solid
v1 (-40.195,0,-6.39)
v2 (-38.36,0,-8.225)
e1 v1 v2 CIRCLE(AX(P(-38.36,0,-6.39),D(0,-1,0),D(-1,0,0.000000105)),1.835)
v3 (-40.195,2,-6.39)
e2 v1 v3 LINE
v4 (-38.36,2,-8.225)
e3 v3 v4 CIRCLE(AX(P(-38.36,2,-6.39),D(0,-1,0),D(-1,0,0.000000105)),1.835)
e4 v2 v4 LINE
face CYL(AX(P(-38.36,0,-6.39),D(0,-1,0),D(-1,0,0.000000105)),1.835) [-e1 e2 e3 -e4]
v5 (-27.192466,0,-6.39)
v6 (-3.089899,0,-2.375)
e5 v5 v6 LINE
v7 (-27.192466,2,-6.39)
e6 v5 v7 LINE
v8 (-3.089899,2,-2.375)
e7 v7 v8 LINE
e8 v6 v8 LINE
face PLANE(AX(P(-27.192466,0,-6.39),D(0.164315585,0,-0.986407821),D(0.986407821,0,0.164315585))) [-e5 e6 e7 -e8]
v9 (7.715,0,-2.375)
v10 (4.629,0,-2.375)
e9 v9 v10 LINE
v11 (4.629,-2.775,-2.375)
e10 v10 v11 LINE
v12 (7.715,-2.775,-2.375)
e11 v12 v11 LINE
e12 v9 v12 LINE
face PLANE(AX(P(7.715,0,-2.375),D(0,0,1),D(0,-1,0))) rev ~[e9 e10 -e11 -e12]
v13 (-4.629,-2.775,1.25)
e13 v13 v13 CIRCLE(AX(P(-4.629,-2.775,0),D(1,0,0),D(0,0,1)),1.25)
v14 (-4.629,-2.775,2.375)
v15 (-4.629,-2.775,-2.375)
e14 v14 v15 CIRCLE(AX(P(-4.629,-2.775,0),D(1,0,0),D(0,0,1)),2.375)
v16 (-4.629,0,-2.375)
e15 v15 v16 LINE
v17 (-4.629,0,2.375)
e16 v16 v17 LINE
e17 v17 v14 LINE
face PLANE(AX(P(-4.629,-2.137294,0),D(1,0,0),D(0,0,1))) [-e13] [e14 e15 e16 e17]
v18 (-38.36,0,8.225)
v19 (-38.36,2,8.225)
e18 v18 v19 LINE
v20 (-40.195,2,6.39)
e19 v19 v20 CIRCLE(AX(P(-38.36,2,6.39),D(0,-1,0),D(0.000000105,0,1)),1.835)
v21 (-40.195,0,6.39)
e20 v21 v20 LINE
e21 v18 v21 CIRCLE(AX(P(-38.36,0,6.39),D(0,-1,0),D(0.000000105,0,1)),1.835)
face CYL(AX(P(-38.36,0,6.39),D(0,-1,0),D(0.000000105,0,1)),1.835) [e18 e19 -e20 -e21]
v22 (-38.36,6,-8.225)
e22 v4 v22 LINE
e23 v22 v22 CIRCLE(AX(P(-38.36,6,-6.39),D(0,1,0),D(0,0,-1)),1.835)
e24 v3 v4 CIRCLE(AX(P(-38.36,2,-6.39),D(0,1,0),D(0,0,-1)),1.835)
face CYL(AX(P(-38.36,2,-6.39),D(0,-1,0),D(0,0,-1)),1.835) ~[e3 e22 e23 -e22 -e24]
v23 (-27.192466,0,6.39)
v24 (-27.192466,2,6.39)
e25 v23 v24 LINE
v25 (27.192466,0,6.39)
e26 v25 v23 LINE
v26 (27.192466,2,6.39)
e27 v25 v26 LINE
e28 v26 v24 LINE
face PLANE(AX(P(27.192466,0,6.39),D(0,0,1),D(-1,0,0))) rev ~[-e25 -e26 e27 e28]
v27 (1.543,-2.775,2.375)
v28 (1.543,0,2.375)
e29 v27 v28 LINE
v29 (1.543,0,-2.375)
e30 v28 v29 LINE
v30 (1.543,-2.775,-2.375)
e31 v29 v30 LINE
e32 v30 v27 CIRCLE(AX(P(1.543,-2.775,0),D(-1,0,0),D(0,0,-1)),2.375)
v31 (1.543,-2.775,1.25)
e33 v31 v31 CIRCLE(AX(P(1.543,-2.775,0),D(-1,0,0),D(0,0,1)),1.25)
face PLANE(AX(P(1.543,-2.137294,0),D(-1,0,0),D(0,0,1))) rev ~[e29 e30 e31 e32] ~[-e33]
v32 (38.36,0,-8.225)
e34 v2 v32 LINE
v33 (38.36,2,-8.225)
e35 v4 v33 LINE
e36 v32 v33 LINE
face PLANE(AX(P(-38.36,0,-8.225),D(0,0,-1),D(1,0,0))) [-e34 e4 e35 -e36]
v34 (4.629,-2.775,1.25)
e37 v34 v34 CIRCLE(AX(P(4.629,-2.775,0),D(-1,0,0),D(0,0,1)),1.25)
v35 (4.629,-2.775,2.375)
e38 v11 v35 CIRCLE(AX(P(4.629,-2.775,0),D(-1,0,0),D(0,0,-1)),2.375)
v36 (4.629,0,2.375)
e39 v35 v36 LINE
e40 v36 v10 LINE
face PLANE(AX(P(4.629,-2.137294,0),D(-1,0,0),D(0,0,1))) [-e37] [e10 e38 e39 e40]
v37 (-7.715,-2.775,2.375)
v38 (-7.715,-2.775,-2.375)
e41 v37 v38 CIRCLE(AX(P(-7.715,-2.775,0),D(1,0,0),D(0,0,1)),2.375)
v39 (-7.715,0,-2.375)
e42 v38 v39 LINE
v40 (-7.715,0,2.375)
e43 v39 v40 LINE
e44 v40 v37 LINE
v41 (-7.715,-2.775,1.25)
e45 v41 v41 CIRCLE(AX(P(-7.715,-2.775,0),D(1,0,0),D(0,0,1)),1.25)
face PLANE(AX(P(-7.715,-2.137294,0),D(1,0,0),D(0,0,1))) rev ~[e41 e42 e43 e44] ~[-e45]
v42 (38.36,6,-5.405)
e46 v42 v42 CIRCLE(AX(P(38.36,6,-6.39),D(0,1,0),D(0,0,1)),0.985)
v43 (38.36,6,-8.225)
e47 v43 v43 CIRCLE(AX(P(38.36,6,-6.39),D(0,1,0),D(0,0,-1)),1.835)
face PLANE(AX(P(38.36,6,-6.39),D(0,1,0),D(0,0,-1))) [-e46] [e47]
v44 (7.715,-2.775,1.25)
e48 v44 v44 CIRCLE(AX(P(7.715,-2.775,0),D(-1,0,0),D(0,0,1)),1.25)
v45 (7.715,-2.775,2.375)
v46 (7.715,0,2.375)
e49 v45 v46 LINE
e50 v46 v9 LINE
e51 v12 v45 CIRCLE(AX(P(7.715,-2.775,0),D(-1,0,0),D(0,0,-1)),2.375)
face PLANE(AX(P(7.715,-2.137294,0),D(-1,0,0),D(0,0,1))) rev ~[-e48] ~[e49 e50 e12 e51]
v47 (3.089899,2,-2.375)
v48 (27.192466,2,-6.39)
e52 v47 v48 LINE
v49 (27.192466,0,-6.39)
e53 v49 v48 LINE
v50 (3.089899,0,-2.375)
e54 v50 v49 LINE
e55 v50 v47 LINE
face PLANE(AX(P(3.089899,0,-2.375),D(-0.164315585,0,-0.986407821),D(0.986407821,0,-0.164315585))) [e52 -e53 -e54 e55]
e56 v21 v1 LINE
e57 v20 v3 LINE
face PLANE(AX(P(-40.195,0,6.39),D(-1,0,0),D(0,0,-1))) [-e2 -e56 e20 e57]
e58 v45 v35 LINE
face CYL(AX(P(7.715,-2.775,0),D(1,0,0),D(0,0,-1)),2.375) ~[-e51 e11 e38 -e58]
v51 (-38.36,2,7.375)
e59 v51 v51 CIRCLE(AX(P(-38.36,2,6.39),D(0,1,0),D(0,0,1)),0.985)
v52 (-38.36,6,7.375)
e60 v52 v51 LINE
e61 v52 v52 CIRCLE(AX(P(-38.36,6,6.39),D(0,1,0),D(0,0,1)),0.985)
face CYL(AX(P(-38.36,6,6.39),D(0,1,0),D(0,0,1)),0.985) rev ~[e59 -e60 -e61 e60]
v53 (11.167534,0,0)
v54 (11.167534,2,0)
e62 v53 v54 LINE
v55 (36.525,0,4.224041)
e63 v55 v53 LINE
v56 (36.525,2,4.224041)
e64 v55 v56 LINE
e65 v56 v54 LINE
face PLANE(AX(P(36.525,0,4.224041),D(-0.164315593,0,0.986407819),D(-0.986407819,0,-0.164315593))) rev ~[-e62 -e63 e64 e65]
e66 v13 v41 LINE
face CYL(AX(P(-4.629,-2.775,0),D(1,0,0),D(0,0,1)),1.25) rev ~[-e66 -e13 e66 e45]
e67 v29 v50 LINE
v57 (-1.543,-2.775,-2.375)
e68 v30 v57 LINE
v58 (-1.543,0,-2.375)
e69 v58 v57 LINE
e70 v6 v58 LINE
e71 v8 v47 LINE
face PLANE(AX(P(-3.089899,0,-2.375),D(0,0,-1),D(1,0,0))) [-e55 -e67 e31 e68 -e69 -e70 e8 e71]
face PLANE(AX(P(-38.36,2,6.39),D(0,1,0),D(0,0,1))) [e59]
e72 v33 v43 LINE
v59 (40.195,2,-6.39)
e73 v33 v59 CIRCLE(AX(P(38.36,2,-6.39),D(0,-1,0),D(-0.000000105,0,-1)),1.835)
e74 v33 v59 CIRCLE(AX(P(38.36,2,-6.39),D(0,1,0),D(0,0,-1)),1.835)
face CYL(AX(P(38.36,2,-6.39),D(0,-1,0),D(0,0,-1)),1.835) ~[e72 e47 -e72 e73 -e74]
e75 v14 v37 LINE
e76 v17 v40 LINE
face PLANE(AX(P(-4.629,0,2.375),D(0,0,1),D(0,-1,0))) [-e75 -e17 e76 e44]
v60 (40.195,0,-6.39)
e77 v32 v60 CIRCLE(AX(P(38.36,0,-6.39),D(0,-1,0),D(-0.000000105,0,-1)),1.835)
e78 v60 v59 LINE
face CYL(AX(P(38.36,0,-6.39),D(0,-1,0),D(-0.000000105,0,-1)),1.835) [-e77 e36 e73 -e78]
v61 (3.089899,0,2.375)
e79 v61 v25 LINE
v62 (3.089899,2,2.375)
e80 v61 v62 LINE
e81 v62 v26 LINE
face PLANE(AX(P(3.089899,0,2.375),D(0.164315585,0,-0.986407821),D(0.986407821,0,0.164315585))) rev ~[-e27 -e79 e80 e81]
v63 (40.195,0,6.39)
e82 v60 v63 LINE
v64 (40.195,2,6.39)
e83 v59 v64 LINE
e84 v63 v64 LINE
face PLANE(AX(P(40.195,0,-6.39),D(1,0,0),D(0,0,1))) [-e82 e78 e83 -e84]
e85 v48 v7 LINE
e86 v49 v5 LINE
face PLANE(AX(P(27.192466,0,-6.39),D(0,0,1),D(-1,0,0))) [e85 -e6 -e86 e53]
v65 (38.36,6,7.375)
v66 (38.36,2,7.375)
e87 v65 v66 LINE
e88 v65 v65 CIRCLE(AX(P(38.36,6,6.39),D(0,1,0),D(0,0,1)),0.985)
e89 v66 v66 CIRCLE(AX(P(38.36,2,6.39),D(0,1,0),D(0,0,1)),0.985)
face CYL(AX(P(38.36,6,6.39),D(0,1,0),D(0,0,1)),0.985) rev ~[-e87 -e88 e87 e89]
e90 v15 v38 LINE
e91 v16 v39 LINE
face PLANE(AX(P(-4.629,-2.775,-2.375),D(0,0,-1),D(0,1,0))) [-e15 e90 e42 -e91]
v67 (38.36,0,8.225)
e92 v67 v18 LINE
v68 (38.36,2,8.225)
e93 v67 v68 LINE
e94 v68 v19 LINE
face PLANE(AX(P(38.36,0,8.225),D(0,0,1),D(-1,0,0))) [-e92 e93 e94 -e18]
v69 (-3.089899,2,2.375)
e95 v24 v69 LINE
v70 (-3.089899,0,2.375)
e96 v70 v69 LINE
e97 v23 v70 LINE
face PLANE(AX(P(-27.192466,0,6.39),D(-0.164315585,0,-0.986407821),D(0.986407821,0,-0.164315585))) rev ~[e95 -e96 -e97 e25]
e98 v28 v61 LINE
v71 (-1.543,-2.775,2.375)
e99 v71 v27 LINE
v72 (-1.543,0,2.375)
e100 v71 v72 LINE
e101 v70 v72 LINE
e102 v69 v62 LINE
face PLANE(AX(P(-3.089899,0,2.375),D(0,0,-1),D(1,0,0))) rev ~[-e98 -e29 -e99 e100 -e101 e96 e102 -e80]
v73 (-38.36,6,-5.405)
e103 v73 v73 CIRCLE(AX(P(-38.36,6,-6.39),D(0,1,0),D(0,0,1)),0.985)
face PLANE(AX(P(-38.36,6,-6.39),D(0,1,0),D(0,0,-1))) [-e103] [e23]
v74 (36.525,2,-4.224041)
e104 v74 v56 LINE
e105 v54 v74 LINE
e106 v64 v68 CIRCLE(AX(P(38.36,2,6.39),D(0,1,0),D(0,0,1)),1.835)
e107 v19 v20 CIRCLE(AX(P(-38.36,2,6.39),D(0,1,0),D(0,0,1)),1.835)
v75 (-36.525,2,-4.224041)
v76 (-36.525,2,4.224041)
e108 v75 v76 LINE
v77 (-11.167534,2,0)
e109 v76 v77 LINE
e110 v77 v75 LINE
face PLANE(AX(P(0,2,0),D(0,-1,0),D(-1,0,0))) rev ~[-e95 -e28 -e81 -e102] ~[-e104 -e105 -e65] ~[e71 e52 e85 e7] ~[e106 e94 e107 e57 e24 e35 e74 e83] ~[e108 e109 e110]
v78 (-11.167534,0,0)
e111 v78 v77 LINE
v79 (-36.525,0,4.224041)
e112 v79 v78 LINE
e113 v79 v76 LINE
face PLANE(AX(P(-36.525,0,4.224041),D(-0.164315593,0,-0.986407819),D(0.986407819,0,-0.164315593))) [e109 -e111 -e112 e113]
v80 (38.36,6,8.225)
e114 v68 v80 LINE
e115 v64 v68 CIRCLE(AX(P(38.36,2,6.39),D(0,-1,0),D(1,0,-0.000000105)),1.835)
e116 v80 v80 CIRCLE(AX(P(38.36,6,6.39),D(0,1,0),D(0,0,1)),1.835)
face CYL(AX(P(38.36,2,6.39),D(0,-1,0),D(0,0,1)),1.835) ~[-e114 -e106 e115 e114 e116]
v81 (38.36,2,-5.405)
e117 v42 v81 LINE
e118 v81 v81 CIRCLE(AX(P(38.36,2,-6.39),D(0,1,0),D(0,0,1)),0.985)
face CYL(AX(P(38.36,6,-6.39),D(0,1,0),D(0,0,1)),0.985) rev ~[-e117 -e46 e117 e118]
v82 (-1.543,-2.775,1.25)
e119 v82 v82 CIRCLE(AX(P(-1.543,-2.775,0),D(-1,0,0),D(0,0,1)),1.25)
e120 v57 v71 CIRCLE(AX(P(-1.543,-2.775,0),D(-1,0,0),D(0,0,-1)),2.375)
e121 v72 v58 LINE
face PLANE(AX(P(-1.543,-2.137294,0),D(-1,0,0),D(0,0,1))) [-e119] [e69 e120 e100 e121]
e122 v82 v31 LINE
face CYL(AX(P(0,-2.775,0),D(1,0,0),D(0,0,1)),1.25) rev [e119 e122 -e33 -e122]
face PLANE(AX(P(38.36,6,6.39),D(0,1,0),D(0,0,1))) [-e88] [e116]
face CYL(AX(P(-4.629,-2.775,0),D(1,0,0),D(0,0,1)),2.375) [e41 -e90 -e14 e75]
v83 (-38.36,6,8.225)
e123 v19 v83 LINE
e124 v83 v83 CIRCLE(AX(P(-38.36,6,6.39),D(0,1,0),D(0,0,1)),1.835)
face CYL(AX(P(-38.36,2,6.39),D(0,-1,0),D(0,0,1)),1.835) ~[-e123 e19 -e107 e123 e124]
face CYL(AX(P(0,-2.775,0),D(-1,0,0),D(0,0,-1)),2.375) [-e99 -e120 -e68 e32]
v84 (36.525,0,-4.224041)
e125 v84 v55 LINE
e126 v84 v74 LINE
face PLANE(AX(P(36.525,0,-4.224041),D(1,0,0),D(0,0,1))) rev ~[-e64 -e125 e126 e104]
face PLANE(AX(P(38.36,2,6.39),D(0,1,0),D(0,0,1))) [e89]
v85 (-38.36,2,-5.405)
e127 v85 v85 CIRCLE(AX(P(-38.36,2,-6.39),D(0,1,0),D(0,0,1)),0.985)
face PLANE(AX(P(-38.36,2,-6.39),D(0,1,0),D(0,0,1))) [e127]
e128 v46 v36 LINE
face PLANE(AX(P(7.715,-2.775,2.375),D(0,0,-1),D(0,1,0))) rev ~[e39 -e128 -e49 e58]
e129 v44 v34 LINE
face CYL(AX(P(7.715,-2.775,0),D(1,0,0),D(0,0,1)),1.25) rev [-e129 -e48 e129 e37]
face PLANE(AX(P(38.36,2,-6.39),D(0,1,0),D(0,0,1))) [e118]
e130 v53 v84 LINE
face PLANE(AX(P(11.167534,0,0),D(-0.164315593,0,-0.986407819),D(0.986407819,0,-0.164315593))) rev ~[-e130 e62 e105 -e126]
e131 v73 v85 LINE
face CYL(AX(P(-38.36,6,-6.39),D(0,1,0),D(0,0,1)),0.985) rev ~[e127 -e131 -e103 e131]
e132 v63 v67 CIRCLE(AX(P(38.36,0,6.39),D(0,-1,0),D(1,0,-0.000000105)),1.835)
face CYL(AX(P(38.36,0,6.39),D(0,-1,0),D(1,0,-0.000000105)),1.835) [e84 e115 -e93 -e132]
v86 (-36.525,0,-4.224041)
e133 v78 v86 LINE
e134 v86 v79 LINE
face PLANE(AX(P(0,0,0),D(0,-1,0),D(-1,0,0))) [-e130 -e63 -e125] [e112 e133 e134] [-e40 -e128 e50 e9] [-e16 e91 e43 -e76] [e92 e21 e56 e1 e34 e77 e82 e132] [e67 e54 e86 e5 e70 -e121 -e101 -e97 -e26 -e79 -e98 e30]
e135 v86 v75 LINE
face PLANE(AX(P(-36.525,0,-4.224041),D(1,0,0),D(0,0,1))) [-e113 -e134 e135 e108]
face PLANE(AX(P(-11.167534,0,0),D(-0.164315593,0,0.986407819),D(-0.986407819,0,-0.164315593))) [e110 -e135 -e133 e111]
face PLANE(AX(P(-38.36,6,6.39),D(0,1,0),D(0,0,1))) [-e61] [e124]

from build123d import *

# Parameters (mm, degrees)
BOSS_EXTRUDE2_DEPTH = 2
SKETCH4_R           = 1.835
BOSS_EXTRUDE3_DEPTH = 4
SKETCH6_R           = 0.985
CUT_EXTRUDE1_DEPTH  = 4
SKETCH7_R           = 1.25
BOSS_EXTRUDE4_DEPTH = 3.086
SKETCH8_R           = 1.25
BOSS_EXTRUDE5_DEPTH = 1.543
BOSS_EXTRUDE6_START = 3.086
SKETCH9_R           = 1.25
BOSS_EXTRUDE6_DEPTH = 3.086


with BuildPart() as part:
    # Sketch3 → Boss-Extrude2 (new body)
    with BuildSketch(Plane(origin=(0, 0, 0), x_dir=(1, 0, 0), z_dir=(0, 1, 0))):
        with BuildLine():
            Line((38.36, -8.225), (-38.36, -8.225))
            ThreePointArc((-38.36, -8.225), (-39.657541, -7.687541), (-40.195, -6.39))
            Line((-40.195, -6.39), (-40.195, 6.39))
            ThreePointArc((-40.195, 6.39), (-39.657541, 7.687541), (-38.36, 8.225))
            Line((-38.36, 8.225), (38.36, 8.225))
            ThreePointArc((38.36, 8.225), (39.657541, 7.687541), (40.195, 6.39))
            Line((40.195, 6.39), (40.195, -6.39))
            ThreePointArc((40.195, -6.39), (39.657541, -7.687541), (38.36, -8.225))
        make_face()
        Polygon((-3.089899, 2.375), (3.089899, 2.375), (27.192466, 6.39), (-27.192466, 6.39), align=None, mode=Mode.SUBTRACT)
        Polygon((3.089899, -2.375), (27.192466, -6.39), (-27.192466, -6.39), (-3.089899, -2.375), align=None, mode=Mode.SUBTRACT)
        Polygon((-36.525, 4.224041), (-36.525, -4.224041), (-11.167534, 0), align=None, mode=Mode.SUBTRACT)
        Polygon((36.525, -4.224041), (11.167534, 0), (36.525, 4.224041), align=None, mode=Mode.SUBTRACT)
    extrude(amount=BOSS_EXTRUDE2_DEPTH)

    # Sketch4 → Boss-Extrude3 (add)
    with BuildSketch(Plane(origin=(0, 2, 0), x_dir=(1, 0, 0), z_dir=(0, 1, 0))):
        with Locations(Location((-38.36, 6.39, 0), (0, 0, 90))):
            Circle(SKETCH4_R)
        with Locations(Location((-38.36, -6.39, 0), (0, 0, 270))):
            Circle(SKETCH4_R)
        with Locations(Location((38.36, 6.39, 0), (0, 0, 90))):
            Circle(SKETCH4_R)
        with Locations(Location((38.36, -6.39, 0), (0, 0, 270))):
            Circle(SKETCH4_R)
    extrude(amount=BOSS_EXTRUDE3_DEPTH)

    # Sketch6 → Cut-Extrude1 (cut)
    with BuildSketch(Plane(origin=(0, 6, 0), x_dir=(1, 0, 0), z_dir=(0, 1, 0))):
        with Locations(Location((-38.36, 6.39, 0), (0, 0, 270))):
            Circle(SKETCH6_R)
        with Locations(Location((-38.36, -6.39, 0), (0, 0, 270))):
            Circle(SKETCH6_R)
        with Locations(Location((38.36, 6.39, 0), (0, 0, 270))):
            Circle(SKETCH6_R)
        with Locations(Location((38.36, -6.39, 0), (0, 0, 270))):
            Circle(SKETCH6_R)
    extrude(amount=-CUT_EXTRUDE1_DEPTH, mode=Mode.SUBTRACT)

    # Sketch7 → Boss-Extrude4 (add)
    with BuildSketch(Plane.ZY.offset(-7.715)):
        with BuildLine():
            Line((2.375, -2.775), (2.375, 0))
            Line((2.375, 0), (-2.375, 0))
            Line((-2.375, 0), (-2.375, -2.775))
            ThreePointArc((-2.375, -2.775), (0, -5.15), (2.375, -2.775))
        make_face()
        with Locations((0, -2.775)):
            Circle(SKETCH7_R, mode=Mode.SUBTRACT)
    extrude(amount=BOSS_EXTRUDE4_DEPTH)

    # Sketch8 → Boss-Extrude5 (add, symmetric)
    with BuildSketch(Plane.ZY):
        with BuildLine():
            Line((2.375, 0), (-2.375, 0))
            Line((-2.375, 0), (-2.375, -2.775))
            ThreePointArc((-2.375, -2.775), (0, -5.15), (2.375, -2.775))
            Line((2.375, -2.775), (2.375, 0))
        make_face()
        with Locations((0, -2.775)):
            Circle(SKETCH8_R, mode=Mode.SUBTRACT)
    extrude(amount=BOSS_EXTRUDE5_DEPTH, both=True)

    # Sketch9 → Boss-Extrude6 (add)
    with BuildSketch(Plane(origin=(-7.715, 0, 0), x_dir=(0, 0, 1), z_dir=(1, 0, 0)).offset(BOSS_EXTRUDE6_START)):
        with BuildLine():
            Line((-2.375, 0), (2.375, 0))
            Line((2.375, 0), (2.375, 2.775))
            ThreePointArc((2.375, 2.775), (0, 5.15), (-2.375, 2.775))
            Line((-2.375, 2.775), (-2.375, 0))
        make_face()
        with Locations((0, 2.775)):
            Circle(SKETCH9_R, mode=Mode.SUBTRACT)
    extrude(amount=-BOSS_EXTRUDE6_DEPTH)


solid = part.part
